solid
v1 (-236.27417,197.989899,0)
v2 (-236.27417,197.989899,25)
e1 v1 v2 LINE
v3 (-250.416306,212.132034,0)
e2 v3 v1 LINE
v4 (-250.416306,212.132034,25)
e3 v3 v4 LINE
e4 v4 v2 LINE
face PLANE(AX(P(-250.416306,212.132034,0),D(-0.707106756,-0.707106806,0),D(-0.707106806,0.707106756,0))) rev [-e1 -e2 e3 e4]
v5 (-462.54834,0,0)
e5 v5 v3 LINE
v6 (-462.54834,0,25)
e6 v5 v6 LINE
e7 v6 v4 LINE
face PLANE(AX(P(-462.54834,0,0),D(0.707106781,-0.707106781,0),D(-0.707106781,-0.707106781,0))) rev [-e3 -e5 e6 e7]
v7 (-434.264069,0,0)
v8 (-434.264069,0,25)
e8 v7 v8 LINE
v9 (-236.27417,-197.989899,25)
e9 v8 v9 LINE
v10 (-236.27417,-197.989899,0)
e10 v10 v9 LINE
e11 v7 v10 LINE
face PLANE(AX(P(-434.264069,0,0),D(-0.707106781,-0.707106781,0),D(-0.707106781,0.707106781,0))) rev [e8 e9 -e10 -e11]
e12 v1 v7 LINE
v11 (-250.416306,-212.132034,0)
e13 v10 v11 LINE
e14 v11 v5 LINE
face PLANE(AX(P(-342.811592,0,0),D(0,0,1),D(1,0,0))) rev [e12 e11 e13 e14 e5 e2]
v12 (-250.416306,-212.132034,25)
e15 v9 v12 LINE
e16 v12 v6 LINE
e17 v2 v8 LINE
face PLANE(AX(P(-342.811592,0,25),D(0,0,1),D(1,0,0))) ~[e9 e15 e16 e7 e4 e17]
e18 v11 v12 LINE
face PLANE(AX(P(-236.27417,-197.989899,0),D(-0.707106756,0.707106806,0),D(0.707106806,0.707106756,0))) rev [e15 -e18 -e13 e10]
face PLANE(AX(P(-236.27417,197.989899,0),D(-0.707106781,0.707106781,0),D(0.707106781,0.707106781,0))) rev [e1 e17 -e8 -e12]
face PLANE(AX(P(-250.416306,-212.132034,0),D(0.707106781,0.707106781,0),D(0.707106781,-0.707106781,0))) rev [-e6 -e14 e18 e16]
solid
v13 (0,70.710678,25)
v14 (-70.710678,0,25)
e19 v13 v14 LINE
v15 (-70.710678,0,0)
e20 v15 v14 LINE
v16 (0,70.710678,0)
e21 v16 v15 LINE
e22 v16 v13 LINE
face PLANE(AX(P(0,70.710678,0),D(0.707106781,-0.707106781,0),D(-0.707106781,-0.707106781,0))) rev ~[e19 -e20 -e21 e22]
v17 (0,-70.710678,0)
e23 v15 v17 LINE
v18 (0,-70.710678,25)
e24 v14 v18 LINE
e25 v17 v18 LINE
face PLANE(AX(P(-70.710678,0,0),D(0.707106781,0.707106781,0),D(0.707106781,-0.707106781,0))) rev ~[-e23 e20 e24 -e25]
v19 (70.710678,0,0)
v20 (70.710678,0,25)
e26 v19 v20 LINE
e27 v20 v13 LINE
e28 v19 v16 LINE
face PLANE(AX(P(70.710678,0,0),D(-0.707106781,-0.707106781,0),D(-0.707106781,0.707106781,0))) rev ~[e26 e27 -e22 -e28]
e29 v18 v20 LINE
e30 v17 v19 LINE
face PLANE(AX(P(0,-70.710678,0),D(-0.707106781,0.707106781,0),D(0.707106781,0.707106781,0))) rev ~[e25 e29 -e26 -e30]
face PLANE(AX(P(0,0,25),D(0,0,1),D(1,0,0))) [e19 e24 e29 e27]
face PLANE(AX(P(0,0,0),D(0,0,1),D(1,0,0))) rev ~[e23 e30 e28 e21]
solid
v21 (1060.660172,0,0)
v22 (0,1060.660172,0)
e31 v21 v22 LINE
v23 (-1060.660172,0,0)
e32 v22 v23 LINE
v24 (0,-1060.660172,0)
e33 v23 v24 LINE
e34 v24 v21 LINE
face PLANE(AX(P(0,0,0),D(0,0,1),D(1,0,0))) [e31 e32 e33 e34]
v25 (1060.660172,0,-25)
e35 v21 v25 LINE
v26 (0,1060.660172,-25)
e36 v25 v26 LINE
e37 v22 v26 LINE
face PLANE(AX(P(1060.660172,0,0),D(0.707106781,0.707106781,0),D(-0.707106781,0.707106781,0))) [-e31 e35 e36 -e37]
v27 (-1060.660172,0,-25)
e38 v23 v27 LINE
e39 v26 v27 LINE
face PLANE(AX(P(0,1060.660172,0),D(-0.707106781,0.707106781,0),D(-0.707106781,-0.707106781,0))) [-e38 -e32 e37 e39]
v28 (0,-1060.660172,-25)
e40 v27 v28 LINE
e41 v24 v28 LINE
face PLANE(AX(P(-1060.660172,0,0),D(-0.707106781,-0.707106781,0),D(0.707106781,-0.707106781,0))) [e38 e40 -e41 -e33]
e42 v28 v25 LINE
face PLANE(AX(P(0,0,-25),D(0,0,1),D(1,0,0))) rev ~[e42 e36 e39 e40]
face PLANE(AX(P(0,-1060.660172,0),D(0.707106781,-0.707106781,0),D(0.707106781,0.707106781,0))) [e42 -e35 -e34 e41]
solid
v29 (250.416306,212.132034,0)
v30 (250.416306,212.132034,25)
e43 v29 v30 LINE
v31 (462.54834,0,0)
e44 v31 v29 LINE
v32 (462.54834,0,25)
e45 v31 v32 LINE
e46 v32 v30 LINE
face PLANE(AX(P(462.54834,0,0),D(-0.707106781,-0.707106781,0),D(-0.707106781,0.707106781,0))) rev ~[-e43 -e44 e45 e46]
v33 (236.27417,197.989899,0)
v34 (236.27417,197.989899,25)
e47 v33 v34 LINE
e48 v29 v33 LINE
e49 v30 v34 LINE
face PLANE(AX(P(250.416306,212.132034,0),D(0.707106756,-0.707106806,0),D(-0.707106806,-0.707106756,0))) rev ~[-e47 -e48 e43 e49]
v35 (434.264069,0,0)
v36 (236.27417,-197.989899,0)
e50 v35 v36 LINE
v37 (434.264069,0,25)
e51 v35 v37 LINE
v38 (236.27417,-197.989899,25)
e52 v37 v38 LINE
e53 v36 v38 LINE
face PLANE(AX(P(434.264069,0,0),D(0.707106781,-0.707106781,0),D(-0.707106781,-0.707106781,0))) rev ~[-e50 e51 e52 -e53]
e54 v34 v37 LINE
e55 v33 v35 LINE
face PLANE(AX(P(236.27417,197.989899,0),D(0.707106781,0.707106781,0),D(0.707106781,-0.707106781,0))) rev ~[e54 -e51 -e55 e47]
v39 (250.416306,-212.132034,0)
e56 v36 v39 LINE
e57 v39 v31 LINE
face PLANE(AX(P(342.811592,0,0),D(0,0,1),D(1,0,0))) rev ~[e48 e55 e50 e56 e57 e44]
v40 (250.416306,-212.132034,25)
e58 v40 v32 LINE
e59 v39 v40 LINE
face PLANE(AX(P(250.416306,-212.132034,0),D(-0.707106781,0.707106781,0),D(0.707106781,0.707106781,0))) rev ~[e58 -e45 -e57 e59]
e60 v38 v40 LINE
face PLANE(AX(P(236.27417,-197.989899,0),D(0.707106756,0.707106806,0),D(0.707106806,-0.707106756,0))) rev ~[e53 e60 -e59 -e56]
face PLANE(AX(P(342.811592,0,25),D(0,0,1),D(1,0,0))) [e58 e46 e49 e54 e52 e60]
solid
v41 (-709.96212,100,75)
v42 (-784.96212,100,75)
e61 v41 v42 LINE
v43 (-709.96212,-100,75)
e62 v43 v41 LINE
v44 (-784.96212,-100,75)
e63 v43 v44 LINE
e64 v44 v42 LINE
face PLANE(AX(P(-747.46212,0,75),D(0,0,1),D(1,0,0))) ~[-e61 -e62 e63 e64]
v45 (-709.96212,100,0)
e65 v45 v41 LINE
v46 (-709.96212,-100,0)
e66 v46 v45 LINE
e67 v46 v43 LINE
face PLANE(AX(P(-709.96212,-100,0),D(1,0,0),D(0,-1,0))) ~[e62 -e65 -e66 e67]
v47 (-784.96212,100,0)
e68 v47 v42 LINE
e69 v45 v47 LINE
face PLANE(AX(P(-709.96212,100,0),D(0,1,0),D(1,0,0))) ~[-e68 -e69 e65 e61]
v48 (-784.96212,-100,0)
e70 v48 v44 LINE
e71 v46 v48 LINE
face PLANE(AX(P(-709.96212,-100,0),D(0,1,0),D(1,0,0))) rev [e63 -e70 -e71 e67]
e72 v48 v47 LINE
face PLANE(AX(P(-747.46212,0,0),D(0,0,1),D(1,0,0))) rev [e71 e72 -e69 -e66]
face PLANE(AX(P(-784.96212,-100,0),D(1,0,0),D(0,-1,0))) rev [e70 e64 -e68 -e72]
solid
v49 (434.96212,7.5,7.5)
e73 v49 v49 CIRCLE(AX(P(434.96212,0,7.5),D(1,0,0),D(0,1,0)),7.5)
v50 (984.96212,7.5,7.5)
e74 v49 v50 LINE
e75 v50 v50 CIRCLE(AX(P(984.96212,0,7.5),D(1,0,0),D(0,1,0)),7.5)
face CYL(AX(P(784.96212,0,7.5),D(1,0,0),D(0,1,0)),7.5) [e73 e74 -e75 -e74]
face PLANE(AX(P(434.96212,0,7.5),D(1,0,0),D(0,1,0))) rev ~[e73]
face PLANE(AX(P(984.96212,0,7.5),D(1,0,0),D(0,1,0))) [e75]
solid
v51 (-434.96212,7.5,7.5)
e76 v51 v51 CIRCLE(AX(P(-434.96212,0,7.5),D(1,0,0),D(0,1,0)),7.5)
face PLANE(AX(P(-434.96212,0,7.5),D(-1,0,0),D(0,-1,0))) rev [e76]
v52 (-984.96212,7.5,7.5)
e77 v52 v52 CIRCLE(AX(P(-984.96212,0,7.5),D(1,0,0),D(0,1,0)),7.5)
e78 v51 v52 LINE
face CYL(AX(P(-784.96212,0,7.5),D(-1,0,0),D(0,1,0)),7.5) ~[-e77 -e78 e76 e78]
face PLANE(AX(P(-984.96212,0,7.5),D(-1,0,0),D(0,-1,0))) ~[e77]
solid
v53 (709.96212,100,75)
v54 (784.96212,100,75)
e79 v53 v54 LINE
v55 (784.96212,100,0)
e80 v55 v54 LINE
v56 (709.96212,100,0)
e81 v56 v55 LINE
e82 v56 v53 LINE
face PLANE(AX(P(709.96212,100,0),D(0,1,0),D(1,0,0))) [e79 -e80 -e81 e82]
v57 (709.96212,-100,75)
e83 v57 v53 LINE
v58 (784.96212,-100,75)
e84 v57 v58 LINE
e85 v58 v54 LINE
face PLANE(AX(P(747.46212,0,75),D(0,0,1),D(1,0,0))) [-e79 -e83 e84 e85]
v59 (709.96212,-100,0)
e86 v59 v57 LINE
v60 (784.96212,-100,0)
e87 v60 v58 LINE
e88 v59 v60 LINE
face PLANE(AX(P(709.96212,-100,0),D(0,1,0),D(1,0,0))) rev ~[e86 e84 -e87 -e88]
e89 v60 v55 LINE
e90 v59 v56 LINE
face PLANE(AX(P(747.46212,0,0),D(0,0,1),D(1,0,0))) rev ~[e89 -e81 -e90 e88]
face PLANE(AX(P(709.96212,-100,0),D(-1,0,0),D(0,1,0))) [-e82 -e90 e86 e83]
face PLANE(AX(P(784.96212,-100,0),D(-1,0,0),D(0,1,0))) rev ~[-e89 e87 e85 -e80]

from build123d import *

# Parameters (mm, degrees)
F4_DEPTH       = 25
F5_W           = 75
F5_H           = 200
F6_DEPTH       = 75
F8_DEPTH       = 25
F9_R           = 7.5
F10_DEPTH      = 200
F10_DEPTH_BACK = 350
F11_DEPTH      = 25


with BuildPart() as f4:
    # F2 (on Top) → F4 (new body)
    with BuildSketch(Plane.XY):
        Polygon((0, 1060.660172), (-1060.660172, 0), (0, -1060.660172), (1060.660172, 0), align=None)
    extrude(amount=-F4_DEPTH)


with BuildPart() as f6:
    # F5 (on face) → F6 (new body)
    with BuildSketch(Plane.XY):
        with Locations((747.46212, 0)):
            Rectangle(F5_W, F5_H)
    extrude(amount=F6_DEPTH)


with BuildPart() as f8:
    # F7 (on face) → F8 (new body)
    with BuildSketch(Plane.XY):
        Polygon((236.27417, -197.989899), (250.416306, -212.132034), (462.54834, 0), (250.416306, 212.132034), (236.27417, 197.989899), (434.264069, 0), align=None)
    extrude(amount=F8_DEPTH)


with BuildPart() as f10:
    # F9 (on face) → F10 (new body, two sides)
    with BuildSketch(Plane.YZ.offset(784.96212)) as f10_sk:
        with Locations((0, 7.5)):
            Circle(F9_R)
    extrude(amount=F10_DEPTH)
    extrude(f10_sk.sketch, amount=-F10_DEPTH_BACK)


with BuildPart() as f11:
    # F1 (on Top) → F11 (new body)
    with BuildSketch(Plane.XY):
        Polygon((0, 70.710678), (-70.710678, 0), (0, -70.710678), (70.710678, 0), align=None)
    extrude(amount=F11_DEPTH)


with BuildPart() as f12_1:
    # F12: instance of F8
    add(f8.part.mirror(Plane.YZ))


with BuildPart() as f12_2:
    # F12: instance of F10
    add(f10.part.mirror(Plane.YZ))


with BuildPart() as f12_3:
    # F12: instance of F6
    add(f6.part.mirror(Plane.YZ))


solid = Compound([f4.part, f6.part, f8.part, f10.part, f11.part, f12_1.part, f12_2.part, f12_3.part])
